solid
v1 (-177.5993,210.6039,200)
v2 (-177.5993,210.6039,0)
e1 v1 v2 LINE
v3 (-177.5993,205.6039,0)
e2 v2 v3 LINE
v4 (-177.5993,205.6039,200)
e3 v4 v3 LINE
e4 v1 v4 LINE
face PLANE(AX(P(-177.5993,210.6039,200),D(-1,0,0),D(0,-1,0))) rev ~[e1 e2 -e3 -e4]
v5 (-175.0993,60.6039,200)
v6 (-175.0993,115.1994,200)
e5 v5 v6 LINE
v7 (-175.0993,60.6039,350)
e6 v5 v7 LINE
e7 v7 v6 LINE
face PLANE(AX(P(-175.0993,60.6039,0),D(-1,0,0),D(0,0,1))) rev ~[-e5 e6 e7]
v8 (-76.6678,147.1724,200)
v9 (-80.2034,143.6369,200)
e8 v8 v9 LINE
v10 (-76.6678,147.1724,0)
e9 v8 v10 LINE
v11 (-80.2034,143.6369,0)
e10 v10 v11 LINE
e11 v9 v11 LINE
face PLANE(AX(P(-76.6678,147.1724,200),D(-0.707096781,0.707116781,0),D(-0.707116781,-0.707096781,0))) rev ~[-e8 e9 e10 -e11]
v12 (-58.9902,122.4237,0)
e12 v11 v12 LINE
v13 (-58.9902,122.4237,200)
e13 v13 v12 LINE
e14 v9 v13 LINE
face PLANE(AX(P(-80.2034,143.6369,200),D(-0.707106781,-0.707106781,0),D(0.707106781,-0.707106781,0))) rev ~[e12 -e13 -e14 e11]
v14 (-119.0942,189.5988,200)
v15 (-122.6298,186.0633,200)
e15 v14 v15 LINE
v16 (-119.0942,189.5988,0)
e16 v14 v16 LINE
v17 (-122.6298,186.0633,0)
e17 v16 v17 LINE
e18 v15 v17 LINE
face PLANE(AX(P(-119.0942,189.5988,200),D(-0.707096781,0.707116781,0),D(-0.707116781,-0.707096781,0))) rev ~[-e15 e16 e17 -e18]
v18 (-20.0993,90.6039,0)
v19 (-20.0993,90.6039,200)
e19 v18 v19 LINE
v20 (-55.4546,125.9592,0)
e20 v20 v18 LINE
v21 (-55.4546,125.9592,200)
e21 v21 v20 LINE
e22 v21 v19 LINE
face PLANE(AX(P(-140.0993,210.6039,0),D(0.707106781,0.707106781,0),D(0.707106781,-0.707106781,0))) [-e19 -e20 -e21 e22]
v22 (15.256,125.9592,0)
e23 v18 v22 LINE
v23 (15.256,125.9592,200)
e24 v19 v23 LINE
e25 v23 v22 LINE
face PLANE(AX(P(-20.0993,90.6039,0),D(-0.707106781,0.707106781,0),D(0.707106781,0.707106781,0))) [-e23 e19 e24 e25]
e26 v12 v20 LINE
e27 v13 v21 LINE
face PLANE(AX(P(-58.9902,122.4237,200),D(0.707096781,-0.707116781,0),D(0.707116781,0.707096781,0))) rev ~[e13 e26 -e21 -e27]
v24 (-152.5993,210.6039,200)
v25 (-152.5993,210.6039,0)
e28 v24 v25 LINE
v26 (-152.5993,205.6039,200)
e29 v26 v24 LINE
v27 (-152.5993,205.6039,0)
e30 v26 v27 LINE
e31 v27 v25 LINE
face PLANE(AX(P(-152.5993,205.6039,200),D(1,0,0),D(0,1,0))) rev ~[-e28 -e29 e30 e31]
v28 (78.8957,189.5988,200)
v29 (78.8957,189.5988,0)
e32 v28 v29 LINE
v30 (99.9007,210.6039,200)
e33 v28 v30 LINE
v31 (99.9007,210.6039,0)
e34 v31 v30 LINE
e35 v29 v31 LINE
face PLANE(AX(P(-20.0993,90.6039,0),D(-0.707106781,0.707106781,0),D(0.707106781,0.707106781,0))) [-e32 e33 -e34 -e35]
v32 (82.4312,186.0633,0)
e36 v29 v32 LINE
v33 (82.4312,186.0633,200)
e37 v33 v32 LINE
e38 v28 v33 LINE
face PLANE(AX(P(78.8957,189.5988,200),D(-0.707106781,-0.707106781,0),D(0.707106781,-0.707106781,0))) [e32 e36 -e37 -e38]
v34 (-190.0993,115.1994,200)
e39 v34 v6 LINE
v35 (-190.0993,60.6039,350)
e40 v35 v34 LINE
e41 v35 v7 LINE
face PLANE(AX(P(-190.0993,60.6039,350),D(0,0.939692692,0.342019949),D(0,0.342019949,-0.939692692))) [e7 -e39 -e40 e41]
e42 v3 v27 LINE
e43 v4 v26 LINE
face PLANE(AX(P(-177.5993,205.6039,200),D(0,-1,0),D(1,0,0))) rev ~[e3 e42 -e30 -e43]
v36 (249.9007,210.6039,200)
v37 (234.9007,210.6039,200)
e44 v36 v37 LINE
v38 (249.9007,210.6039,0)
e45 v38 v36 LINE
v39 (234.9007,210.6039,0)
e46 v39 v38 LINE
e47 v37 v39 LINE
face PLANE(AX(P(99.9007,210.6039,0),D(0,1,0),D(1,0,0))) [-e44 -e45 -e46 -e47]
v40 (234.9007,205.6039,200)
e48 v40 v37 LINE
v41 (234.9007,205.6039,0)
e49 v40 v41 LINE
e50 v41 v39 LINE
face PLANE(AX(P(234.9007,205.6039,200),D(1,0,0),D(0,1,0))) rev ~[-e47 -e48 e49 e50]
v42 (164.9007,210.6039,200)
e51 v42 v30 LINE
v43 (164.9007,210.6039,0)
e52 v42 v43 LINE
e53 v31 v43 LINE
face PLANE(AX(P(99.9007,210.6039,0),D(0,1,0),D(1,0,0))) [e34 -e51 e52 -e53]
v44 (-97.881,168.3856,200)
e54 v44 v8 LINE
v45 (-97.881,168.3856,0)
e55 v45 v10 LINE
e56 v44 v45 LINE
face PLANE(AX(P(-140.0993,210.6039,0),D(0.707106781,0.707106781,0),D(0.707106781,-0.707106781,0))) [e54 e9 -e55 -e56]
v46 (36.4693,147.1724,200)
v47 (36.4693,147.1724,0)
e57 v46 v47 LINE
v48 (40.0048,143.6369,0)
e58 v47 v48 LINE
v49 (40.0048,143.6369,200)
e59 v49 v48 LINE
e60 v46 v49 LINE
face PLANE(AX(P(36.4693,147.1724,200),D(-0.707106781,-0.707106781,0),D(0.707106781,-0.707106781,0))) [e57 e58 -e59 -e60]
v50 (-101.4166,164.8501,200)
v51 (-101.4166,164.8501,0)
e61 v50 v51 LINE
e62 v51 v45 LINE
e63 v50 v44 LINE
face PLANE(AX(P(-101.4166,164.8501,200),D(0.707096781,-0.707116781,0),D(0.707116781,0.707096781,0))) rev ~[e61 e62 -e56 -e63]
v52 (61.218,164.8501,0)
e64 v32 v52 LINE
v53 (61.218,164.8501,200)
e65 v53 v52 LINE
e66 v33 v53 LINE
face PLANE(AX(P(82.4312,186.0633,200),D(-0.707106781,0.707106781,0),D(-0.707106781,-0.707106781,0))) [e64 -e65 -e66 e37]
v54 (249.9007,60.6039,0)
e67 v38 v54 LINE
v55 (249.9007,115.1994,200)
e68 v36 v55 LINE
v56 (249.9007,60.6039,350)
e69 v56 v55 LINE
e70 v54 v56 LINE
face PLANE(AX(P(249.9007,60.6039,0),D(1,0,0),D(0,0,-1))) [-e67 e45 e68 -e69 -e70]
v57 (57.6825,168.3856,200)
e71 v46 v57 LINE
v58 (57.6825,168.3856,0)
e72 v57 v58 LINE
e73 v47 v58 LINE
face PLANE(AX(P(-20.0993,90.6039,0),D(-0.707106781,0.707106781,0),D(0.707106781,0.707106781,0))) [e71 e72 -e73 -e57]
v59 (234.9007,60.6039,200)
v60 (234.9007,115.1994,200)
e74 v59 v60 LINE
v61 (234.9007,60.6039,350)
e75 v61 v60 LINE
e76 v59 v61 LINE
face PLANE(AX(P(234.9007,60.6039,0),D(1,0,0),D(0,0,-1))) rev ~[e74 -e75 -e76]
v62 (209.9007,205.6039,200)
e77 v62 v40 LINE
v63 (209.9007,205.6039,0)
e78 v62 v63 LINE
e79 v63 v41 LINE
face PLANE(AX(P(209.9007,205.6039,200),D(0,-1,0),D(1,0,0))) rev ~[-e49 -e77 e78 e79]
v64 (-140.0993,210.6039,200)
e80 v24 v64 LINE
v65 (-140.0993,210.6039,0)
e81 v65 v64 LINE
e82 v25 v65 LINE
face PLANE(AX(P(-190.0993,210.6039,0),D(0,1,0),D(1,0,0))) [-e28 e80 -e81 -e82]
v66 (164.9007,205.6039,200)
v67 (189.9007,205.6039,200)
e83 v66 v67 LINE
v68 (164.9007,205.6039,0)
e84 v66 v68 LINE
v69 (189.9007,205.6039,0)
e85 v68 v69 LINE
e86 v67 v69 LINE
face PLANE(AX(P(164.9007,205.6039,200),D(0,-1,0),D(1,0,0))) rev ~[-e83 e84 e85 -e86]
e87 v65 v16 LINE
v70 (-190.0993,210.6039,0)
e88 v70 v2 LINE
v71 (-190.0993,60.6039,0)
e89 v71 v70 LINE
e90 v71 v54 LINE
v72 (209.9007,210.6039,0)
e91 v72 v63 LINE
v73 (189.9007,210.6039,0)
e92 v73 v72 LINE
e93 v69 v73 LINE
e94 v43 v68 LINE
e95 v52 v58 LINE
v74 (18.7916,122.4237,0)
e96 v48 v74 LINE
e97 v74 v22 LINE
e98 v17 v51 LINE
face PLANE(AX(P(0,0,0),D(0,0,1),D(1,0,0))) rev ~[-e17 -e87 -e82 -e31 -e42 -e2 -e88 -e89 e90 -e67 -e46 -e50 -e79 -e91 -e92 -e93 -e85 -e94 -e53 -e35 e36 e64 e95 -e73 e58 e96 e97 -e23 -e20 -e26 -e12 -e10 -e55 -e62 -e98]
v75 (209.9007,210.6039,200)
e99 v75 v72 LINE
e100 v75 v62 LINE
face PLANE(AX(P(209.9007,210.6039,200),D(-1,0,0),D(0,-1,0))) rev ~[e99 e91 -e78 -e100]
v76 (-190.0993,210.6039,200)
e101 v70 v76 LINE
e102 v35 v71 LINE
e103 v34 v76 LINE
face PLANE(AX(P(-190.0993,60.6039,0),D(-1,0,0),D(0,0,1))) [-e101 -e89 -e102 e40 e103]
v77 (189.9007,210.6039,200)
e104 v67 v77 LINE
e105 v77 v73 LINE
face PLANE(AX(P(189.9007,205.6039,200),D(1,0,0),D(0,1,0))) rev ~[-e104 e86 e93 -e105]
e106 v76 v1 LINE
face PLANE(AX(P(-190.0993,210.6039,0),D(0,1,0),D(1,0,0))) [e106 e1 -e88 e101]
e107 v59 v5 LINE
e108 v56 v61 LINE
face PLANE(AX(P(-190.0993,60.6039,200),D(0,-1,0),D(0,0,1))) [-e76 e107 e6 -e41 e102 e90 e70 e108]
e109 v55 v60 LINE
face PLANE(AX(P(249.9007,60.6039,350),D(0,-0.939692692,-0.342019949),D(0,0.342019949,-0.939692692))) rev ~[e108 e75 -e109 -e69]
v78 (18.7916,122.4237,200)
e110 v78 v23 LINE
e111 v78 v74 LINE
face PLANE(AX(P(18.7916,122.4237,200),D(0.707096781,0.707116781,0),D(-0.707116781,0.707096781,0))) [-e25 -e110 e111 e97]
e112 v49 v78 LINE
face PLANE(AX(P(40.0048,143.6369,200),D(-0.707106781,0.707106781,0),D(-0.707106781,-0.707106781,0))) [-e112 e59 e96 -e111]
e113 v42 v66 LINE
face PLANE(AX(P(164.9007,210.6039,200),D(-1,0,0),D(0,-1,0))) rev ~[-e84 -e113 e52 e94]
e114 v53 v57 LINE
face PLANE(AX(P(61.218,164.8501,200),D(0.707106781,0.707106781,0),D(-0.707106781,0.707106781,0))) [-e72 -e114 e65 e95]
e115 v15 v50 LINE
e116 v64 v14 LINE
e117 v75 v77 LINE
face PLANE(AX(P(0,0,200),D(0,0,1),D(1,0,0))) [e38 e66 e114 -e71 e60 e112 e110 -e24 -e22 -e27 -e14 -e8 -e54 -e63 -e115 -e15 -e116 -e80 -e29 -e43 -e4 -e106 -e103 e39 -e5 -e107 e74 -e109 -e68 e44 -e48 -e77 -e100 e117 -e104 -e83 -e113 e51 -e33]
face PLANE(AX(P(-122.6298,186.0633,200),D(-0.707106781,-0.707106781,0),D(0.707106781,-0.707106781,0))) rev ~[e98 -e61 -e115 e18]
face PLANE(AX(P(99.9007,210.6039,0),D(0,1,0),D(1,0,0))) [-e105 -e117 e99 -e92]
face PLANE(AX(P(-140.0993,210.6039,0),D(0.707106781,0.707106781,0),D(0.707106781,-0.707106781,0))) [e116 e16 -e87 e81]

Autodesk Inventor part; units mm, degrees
ref_plane "YZ Plane" through (0, 0, 0) normal (1, 0, 0) x (0, 1, 0)
ref_plane "XZ Plane" through (0, 0, 0) normal (0, 1, 0) x (-1, 0, 0)
ref_plane "XY Plane" through (0, 0, 0) normal (0, 0, 1) x (1, 0, 0)
sketch "Sketch1" plane through (0, 0, 0) normal (0, 0, 1) x (1, 0, 0)
  line L0 (-190.0993, 60.6039) -> (-190.0993, 210.6039)
  line L1 (149.9007, 210.6039) -> (149.9007, 60.6039)
  line L2 (149.9007, 60.6039) -> (-190.0993, 60.6039)
  line L3 (149.9007, 210.6039) -> (249.9007, 210.6039)
  line L4 (249.9007, 210.6039) -> (249.9007, 60.6039)
  line L5 (249.9007, 60.6039) -> (149.9007, 60.6039)
  line L6 (-190.0993, 210.6039) -> (-140.0993, 210.6039)
  line L7 (-140.0993, 210.6039) -> (-20.0993, 90.6039)
  line L8 (-20.0993, 90.6039) -> (99.9007, 210.6039)
  line L9 (99.9007, 210.6039) -> (149.9007, 210.6039)
  point P0 (0, 0)
  dimension "d0" = 340
  dimension "d1" = 150
  dimension "d2" = 150
  dimension "d3" = 170
  dimension "d5" = 100
  dimension "d16" = 90
  dimension "d17" = 50
  dimension "d18" = 50
extrude "Extrusion1" add sketch "Sketch1" along normal blind 200
sketch "Sketch2" plane through (0, 0, 200) normal (0, 0, 1) x (1, 0, 0)
  point P0 (0, 0)
sketch "Sketch3" plane through (249.9007, 60.6039, 0) normal (1, 0, 0) x (0, 0, -1)
  line L0 (0, 0) -> (0, 150) projected
  line L1 (0, 150) -> (-200, 150) projected
  line L2 (-200, 0) -> (-200, 150) projected
  line L3 (0, 0) -> (-200, 0) projected
  line L4 (-200, 0) -> (-350, 0)
  line L5 (-350, 0) -> (-200, 54.5955)
  line L6 (-200, 0) -> (-200, 150) projected
  point P0 (0, -60.6039)
  dimension "d12" = 20
  dimension "d13" = 150
extrude "Extrusion2" add sketch "Sketch3" against normal blind 15 contours L4 L5 L2
sketch "Sketch4" plane through (-190.0993, 60.6039, 0) normal (-1, 0, 0) x (0, 0, 1)
  line L0 (200, 0) -> (200, 54.5955) projected
  line L1 (200, 0) -> (350, 0) projected
  line L2 (350, 0) -> (200, 54.5955) projected
  point P0 (0, -60.6039)
extrude "Extrusion3" add sketch "Sketch4" against normal blind 15
sketch "Sketch5" plane through (0, 0, 200) normal (0, 0, 1) x (1, 0, 0)
  line L0 (-119.0942, 189.5988) -> (-122.6298, 186.0633)
  line L1 (-122.6298, 186.0633) -> (-101.4166, 164.8501)
  line L2 (-101.4166, 164.8501) -> (-97.881, 168.3856)
  line L3 (-20.0993, 90.6039) -> (-140.0993, 210.6039) projected
  line L4 (-76.6678, 147.1724) -> (-80.2034, 143.6369)
  line L5 (-80.2034, 143.6369) -> (-58.9902, 122.4237)
  line L6 (-58.9902, 122.4237) -> (-55.4546, 125.9592)
  line L7 (-20.0993, 90.6039) -> (-20.0993, 149.2833) construction
  line L8 (78.8957, 189.5988) -> (82.4312, 186.0633)
  line L9 (82.4312, 186.0633) -> (61.218, 164.8501)
  line L10 (61.218, 164.8501) -> (57.6825, 168.3856)
  line L11 (36.4693, 147.1724) -> (40.0048, 143.6369)
  line L12 (40.0048, 143.6369) -> (18.7916, 122.4237)
  line L13 (18.7916, 122.4237) -> (15.256, 125.9592)
  line L14 (-175.0993, 115.1994) -> (-175.0993, 60.6039) projected
  line L15 (-175.0993, 60.6039) -> (234.9007, 60.6039) projected
  line L16 (234.9007, 60.6039) -> (234.9007, 115.1994) projected
  line L17 (234.9007, 115.1994) -> (249.9007, 115.1994) projected
  line L18 (249.9007, 115.1994) -> (249.9007, 210.6039) projected
  line L19 (249.9007, 210.6039) -> (99.9007, 210.6039) projected
  line L20 (99.9007, 210.6039) -> (-20.0993, 90.6039) projected
  line L21 (-20.0993, 90.6039) -> (-140.0993, 210.6039) projected
  line L22 (-140.0993, 210.6039) -> (-190.0993, 210.6039) projected
  line L23 (-190.0993, 210.6039) -> (-190.0993, 115.1994) projected
  line L24 (-190.0993, 115.1994) -> (-175.0993, 115.1994) projected
  line L25 (249.9007, 210.6039) -> (99.9007, 210.6039) projected
  line L26 (164.9007, 210.6039) -> (164.9007, 205.6039)
  line L27 (164.9007, 205.6039) -> (189.9007, 205.6039)
  line L28 (189.9007, 205.6039) -> (189.9007, 210.6039)
  line L29 (209.9007, 210.6039) -> (209.9007, 205.6039)
  line L30 (209.9007, 205.6039) -> (234.9007, 205.6039)
  line L31 (234.9007, 205.6039) -> (234.9007, 210.6039)
  line L32 (-140.0993, 210.6039) -> (-190.0993, 210.6039) projected
  line L33 (-177.5993, 210.6039) -> (-177.5993, 205.6039)
  line L34 (-177.5993, 205.6039) -> (-152.5993, 205.6039)
  line L35 (-152.5993, 205.6039) -> (-152.5993, 210.6039)
  point P0 (0, 0)
  point P1 (78.8957, 189.5988)
  point P2 (57.6825, 168.3856)
  point P3 (36.4693, 147.1724)
  dimension "d19" = 5
  dimension "d20" = 30
  dimension "d21" = 5
  dimension "d22" = 30
  dimension "d23" = 50
  dimension "d24" = 30
  dimension "d27" = 5
  dimension "d28" = 25
  dimension "d29" = 25
  dimension "d30" = 20
  dimension "d31" = 15
  dimension "d32" = 25
  dimension "d33" = 12.5
  dimension "d34" = 5
extrude "Extrusion4" cut sketch "Sketch5" against normal up to surface (200 mm away) contours L3 L2 L1 L0 | L3 L6 L5 L4 | L35 L34 L33 L22 | L20 L11 L12 L13 | L20 L8 L9 L10 | L19 L28 L27 L26 | L19 L31 L30 L29
equation "\"d2\" = d1"
equation "\"d3\" = 0.5 * d0"
equation "\"d18\" = d17"
equation "\"d21\" = d19"
equation "\"d22\" = d20"
equation "\"d27\" = d19"
equation "\"d29\" = d28"
properties part number "Modelo base"
